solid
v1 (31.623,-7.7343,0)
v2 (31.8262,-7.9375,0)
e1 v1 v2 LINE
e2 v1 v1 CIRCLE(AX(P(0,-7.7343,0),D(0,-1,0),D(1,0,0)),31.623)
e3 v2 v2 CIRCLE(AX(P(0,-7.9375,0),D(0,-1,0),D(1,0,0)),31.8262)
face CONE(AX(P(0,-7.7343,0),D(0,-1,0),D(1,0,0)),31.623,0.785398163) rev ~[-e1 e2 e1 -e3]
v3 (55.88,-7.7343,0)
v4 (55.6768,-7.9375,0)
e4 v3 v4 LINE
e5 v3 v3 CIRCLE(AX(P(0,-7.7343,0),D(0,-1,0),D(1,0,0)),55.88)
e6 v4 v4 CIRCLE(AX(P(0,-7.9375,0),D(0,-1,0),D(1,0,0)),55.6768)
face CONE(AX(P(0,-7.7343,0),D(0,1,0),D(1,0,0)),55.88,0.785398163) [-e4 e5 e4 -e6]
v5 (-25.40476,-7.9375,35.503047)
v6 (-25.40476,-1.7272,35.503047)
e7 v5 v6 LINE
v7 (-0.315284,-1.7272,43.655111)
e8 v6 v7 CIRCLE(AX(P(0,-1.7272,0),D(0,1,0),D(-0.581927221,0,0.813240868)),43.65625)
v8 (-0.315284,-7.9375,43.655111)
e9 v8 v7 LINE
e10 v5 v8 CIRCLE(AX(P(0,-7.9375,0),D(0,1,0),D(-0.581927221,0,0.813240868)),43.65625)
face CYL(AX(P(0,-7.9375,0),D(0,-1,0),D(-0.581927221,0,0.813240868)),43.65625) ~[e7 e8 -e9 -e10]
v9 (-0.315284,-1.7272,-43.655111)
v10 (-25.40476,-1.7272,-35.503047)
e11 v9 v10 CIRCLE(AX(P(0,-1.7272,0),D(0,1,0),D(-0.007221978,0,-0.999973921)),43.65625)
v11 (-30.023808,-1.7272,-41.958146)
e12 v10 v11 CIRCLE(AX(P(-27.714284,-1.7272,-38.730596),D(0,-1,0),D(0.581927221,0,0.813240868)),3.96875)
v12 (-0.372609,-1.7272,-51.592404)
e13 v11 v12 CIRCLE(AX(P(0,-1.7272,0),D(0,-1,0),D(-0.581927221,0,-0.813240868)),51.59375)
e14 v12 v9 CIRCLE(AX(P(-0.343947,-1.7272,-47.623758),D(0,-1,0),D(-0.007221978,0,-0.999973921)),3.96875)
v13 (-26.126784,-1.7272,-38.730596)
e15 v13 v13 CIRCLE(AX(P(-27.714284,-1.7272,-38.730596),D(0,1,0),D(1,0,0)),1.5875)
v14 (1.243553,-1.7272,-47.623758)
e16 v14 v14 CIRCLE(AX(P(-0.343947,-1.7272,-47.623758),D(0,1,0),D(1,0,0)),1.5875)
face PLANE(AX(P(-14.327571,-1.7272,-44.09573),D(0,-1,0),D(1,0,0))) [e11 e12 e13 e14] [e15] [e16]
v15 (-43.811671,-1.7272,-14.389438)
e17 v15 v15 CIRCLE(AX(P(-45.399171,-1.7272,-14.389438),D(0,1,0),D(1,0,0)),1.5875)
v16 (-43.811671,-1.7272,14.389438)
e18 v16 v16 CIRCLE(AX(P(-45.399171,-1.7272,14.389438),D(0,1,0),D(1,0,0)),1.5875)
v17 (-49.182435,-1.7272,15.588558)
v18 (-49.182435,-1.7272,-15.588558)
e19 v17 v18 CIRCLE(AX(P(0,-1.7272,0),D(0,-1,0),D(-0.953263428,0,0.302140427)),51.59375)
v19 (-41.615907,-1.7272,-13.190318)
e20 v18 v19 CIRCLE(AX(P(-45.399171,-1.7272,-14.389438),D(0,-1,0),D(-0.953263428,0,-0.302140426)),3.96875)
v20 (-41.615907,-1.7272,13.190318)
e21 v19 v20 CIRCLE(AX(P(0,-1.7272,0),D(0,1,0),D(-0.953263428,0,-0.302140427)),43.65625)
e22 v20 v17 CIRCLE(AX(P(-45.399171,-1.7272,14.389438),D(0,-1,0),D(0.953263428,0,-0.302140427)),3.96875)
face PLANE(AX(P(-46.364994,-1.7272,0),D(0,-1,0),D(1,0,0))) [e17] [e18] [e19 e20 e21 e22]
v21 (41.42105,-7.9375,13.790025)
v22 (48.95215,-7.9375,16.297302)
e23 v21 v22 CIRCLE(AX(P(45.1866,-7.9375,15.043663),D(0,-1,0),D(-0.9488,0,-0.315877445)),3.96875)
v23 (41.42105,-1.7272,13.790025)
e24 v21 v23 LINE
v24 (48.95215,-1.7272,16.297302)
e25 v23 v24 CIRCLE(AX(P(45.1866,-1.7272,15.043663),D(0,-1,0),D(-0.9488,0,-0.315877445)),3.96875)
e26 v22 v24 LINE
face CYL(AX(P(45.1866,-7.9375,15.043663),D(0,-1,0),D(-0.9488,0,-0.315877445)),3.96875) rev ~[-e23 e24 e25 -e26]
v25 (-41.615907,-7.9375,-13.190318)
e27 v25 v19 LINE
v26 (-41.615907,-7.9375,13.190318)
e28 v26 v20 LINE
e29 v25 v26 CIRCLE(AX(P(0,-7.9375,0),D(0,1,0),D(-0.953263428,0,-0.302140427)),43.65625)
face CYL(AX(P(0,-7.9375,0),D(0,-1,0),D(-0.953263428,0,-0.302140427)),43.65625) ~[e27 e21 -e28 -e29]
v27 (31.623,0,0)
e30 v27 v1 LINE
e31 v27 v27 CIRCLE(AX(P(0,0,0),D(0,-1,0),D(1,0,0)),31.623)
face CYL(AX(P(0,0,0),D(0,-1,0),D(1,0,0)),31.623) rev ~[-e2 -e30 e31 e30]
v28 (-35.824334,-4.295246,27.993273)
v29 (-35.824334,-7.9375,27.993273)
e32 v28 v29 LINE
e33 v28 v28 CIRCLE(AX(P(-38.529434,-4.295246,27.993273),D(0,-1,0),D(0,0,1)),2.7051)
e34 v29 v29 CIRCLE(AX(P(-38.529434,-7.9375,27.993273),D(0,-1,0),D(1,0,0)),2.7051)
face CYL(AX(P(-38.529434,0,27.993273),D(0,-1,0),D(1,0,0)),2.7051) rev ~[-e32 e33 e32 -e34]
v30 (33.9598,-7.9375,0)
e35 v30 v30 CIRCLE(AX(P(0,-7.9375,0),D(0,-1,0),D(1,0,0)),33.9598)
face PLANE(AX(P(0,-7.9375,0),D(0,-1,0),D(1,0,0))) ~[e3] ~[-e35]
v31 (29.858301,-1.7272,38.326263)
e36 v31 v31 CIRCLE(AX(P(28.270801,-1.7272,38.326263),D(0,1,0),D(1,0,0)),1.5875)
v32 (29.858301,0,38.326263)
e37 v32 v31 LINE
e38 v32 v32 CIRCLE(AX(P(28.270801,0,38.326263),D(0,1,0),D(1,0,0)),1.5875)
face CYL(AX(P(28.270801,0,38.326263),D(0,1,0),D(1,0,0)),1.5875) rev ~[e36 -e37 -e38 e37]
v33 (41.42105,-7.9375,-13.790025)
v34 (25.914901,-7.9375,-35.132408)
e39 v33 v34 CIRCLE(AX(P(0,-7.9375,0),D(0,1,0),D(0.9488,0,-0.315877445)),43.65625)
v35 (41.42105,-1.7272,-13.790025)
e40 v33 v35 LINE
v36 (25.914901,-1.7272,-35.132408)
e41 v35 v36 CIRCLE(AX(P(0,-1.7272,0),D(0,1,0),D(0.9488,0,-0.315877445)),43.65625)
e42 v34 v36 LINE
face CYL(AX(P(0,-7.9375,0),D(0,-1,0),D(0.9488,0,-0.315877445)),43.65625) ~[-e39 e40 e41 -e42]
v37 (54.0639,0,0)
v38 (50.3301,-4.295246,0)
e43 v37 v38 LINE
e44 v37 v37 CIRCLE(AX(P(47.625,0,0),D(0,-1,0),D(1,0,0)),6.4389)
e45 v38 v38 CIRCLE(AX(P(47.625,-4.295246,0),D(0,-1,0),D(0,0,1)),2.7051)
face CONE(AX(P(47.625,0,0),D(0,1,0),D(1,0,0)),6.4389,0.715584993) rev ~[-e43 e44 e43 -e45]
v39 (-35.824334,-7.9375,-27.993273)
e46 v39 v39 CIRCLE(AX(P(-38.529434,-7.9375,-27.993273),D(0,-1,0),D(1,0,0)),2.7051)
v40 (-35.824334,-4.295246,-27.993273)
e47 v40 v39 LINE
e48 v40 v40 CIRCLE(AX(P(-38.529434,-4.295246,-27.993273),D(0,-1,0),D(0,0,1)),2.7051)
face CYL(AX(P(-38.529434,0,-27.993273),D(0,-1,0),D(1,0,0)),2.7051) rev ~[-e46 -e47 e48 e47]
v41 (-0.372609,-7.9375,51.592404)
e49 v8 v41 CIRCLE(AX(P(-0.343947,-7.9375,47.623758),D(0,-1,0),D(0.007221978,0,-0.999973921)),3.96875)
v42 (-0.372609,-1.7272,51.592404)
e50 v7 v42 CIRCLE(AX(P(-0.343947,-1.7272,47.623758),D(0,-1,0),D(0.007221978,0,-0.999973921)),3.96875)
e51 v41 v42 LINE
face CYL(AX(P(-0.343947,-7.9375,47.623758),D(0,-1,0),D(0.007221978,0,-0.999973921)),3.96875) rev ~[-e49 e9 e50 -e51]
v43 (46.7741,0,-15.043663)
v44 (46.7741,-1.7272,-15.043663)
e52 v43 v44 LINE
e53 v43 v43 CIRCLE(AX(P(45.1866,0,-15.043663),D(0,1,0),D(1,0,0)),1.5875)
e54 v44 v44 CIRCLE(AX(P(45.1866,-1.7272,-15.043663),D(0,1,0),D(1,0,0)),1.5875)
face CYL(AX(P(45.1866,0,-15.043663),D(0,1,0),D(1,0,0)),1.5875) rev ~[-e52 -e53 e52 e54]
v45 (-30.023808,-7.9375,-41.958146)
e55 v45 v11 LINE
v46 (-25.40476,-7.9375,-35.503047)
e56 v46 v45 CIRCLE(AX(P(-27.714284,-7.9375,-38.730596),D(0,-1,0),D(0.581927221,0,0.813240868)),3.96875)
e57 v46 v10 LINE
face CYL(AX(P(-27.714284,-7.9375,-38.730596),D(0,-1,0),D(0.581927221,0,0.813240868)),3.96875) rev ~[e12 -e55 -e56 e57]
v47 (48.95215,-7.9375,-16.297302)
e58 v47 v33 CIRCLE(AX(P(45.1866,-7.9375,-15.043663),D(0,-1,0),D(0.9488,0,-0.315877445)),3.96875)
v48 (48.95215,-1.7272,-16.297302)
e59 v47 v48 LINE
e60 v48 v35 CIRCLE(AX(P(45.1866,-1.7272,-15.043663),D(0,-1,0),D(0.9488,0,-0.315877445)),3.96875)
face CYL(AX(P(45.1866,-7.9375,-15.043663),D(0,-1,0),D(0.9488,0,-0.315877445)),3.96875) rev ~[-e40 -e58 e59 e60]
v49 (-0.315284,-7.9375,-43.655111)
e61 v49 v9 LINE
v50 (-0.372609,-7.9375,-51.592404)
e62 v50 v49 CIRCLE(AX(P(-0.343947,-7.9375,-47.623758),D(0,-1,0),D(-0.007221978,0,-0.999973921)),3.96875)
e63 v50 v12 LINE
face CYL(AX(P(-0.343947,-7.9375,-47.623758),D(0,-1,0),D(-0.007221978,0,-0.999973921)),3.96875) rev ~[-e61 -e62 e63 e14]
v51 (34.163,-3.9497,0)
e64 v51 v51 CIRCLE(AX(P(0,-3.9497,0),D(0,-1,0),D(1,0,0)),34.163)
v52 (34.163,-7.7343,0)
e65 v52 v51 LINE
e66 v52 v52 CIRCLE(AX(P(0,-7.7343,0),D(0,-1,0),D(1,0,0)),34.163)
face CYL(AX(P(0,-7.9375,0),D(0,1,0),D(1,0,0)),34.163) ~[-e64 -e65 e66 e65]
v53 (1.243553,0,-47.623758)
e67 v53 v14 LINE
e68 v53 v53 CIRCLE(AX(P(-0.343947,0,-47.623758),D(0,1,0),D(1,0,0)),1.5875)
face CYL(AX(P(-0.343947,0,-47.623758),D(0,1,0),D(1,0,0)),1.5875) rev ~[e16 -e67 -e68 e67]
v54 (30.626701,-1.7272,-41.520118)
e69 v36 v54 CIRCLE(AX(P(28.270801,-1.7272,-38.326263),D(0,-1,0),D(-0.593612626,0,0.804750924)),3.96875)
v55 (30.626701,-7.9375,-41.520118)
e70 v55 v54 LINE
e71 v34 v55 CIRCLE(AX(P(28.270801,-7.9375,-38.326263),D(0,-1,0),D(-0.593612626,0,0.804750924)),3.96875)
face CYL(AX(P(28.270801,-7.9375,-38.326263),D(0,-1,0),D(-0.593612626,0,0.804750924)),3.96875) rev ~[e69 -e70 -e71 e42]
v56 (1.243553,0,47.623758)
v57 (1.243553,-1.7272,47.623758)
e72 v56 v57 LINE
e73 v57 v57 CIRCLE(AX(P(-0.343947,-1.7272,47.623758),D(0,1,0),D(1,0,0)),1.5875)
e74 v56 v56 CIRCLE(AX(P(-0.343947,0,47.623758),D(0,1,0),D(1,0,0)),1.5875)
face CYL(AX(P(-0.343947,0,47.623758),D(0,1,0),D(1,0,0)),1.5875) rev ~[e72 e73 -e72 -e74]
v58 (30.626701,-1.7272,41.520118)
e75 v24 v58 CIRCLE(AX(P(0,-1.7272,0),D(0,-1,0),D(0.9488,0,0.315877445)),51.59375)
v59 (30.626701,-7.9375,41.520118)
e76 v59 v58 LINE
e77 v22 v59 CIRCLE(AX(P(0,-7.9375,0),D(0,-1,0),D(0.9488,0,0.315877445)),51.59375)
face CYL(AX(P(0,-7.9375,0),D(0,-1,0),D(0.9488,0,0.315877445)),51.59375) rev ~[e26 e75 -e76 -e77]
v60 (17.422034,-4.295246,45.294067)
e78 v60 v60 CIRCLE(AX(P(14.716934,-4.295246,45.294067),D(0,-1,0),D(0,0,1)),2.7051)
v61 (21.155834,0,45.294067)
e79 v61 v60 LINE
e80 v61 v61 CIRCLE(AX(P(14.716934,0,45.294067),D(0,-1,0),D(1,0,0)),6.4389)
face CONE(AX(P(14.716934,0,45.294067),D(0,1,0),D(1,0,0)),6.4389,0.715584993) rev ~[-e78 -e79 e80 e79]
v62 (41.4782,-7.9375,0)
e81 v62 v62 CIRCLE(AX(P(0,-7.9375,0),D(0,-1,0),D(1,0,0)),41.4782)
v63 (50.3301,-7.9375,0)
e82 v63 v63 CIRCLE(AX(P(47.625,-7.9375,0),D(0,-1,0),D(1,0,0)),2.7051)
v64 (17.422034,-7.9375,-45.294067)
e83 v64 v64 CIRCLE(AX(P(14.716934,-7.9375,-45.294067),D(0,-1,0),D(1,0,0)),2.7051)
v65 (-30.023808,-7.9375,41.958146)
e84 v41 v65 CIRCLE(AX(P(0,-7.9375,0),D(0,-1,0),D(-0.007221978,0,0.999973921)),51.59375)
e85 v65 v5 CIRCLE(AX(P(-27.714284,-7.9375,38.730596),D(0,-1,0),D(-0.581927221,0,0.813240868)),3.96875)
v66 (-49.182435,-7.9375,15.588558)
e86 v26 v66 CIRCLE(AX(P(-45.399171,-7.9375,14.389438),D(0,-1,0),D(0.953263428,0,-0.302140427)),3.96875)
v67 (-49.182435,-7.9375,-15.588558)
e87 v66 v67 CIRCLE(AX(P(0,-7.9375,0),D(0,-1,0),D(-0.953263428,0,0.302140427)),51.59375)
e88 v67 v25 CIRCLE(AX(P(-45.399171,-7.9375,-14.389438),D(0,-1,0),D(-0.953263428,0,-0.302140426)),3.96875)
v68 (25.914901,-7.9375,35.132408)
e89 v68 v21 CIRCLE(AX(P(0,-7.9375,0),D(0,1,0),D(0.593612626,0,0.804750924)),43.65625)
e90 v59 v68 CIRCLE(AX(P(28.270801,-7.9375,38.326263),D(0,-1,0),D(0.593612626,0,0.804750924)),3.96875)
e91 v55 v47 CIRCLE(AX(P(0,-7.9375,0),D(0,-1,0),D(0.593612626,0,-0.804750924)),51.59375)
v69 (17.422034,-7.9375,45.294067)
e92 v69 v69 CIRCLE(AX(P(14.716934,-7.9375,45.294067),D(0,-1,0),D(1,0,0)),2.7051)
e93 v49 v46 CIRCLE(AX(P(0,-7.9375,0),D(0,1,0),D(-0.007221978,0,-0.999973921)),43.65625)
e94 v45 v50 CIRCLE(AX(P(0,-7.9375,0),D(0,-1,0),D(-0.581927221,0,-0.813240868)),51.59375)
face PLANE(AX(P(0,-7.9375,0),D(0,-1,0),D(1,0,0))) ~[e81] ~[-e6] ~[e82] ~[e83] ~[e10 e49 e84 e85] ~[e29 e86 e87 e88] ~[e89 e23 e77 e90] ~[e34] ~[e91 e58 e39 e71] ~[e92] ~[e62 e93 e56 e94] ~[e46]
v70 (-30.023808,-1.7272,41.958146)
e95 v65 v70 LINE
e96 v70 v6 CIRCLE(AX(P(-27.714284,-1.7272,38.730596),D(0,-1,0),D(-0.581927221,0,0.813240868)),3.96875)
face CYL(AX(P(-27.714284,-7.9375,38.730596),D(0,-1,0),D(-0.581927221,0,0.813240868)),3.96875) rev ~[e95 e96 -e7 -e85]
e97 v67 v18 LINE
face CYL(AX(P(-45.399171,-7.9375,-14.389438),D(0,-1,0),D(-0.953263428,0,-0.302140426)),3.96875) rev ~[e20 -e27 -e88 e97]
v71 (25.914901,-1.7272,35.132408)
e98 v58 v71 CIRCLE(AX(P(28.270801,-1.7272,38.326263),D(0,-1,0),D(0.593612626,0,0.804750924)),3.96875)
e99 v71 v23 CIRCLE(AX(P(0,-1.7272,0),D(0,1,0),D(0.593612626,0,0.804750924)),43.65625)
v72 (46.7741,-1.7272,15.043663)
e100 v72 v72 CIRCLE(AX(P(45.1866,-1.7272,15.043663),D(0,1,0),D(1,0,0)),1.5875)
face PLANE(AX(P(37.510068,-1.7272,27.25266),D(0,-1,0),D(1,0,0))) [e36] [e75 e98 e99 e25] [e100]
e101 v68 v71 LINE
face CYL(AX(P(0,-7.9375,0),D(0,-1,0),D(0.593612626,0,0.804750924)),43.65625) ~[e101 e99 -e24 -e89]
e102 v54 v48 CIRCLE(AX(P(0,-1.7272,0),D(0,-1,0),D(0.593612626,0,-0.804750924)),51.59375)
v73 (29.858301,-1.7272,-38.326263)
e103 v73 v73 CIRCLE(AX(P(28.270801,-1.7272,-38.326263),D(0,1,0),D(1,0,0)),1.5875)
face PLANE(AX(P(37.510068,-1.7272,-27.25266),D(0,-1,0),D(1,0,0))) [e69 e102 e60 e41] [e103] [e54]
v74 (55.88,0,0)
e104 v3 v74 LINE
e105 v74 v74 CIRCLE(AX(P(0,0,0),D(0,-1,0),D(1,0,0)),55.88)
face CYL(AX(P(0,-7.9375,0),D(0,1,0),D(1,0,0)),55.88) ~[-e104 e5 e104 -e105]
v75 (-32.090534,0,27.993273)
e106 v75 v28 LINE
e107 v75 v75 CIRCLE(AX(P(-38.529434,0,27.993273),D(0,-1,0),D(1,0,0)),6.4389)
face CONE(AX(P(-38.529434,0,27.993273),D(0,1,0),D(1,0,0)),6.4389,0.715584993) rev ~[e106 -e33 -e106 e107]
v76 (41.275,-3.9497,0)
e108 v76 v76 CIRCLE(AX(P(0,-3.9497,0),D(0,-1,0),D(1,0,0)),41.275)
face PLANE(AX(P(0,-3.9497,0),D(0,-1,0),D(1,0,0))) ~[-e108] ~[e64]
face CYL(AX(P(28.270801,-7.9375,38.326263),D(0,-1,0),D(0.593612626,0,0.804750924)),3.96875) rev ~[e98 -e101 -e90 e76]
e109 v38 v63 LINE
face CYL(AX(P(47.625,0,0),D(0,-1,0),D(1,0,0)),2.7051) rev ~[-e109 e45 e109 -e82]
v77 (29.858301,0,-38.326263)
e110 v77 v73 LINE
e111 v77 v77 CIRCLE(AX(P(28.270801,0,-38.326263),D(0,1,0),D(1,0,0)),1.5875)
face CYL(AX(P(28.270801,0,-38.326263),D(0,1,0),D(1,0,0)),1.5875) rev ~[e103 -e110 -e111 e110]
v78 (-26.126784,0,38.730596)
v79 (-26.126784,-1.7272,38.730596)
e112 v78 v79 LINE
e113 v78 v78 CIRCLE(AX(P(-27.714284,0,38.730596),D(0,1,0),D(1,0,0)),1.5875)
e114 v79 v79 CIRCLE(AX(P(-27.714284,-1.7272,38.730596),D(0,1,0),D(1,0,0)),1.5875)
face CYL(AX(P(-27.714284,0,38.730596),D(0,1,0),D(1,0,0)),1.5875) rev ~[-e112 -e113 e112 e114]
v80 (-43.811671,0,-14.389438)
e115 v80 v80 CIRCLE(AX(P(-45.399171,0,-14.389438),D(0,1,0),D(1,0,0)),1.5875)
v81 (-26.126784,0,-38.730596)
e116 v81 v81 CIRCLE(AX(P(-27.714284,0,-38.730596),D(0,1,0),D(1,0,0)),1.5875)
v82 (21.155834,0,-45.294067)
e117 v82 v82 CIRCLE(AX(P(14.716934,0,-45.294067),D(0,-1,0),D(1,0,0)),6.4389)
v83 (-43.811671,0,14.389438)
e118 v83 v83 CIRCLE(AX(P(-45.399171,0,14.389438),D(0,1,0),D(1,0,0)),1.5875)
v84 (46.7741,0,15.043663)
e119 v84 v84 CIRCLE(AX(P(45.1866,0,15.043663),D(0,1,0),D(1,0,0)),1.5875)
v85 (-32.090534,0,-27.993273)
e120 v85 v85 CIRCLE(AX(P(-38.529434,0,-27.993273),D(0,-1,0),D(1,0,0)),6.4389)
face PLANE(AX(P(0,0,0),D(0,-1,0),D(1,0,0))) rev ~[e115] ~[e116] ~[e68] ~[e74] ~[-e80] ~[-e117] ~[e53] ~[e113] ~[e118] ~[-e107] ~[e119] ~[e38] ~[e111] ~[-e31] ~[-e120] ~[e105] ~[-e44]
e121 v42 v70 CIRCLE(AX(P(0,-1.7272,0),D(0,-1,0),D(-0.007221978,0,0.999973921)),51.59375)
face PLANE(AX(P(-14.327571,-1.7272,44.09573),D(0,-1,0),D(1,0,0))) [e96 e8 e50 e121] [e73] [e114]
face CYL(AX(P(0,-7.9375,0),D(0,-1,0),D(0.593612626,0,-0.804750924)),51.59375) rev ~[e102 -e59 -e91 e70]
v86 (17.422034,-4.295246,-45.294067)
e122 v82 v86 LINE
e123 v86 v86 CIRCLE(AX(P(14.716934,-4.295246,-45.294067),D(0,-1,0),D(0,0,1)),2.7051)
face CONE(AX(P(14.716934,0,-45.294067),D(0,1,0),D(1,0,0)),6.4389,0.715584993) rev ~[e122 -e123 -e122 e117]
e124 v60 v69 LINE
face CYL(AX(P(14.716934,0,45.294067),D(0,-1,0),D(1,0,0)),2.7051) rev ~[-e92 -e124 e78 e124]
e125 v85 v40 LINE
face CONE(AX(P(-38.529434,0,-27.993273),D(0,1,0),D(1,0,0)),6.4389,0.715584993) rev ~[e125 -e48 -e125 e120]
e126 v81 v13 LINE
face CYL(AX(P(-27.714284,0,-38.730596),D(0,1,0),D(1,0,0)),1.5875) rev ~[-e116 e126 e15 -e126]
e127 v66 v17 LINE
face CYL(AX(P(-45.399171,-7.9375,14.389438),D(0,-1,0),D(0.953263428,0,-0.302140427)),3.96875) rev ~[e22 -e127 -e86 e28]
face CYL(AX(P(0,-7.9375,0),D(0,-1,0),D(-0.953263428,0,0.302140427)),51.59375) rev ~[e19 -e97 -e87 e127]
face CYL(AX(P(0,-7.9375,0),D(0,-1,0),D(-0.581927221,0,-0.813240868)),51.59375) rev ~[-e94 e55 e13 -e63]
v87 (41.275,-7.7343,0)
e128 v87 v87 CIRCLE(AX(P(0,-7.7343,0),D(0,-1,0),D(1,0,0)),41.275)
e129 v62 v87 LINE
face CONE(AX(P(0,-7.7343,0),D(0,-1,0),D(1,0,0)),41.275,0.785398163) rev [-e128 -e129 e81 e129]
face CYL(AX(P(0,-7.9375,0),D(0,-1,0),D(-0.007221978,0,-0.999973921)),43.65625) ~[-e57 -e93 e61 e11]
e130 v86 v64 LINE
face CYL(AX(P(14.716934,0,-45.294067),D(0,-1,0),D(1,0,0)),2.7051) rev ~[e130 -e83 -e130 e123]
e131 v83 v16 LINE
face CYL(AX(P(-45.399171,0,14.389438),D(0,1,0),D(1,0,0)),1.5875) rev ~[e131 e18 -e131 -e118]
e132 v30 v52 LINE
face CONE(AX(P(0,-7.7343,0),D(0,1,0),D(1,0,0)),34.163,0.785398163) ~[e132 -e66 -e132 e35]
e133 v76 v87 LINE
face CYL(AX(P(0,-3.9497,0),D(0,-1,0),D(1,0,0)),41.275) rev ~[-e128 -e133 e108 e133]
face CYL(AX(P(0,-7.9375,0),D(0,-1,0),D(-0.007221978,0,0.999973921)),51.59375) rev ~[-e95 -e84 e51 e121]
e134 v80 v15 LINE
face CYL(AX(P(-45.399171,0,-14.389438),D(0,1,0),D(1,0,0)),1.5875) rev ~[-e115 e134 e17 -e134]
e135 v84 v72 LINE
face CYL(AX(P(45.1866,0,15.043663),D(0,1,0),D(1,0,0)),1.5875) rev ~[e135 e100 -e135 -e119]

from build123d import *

# Parameters (mm, degrees)
CSK_FOR_1_4_FLAT_HEAD_MACHINE_SCREW1_D           = 5.4102
CSK_FOR_1_4_FLAT_HEAD_MACHINE_SCREW1_CSINK_D     = 12.8778
CSK_FOR_1_4_FLAT_HEAD_MACHINE_SCREW1_CSINK_ANGLE = 82
SKETCH5_R                                        = 1.5875
RIVET_HOLES_DEPTH                                = 8.9375
CUT_EXTRUDE2_DEPTH                               = 6.2103
CHAMFER1_SIZE                                    = 0.2032


with BuildPart() as part:
    # Sketch1 → Revolve1 (revolve)
    with BuildSketch(Plane.XY):
        Polygon((31.623, 0), (31.623, -7.9375), (34.163, -7.9375), (34.163, -3.9497), (41.275, -3.9497), (41.275, -7.9375), (55.88, -7.9375), (55.88, 0), align=None)
    revolve(axis=Axis((0, 29.876386318, 0), (0, -1, 0)))

    # CSK for 1/4 Flat Head Machine Screw1 (through all)
    with Locations(Plane(origin=(0, 0, 0), x_dir=(-1, 0, 0), z_dir=(0, 1, 0))):
        with Locations((-47.625, 0), (-14.716934357, 45.294066589), (38.529434357, 27.99327264), (38.529434357, -27.99327264), (-14.716934357, -45.294066589)):
            CounterSinkHole(CSK_FOR_1_4_FLAT_HEAD_MACHINE_SCREW1_D / 2, CSK_FOR_1_4_FLAT_HEAD_MACHINE_SCREW1_CSINK_D / 2, counter_sink_angle=CSK_FOR_1_4_FLAT_HEAD_MACHINE_SCREW1_CSINK_ANGLE)

    # Sketch5 → Rivet Holes (cut, through all)
    with BuildSketch(Plane(origin=(0, 0, 0), x_dir=(1, 0, 0), z_dir=(0, 1, 0))):
        with Locations((-27.714283891, 38.730596347)):
            Circle(SKETCH5_R)
        with Locations((-0.343946691, 47.623757996)):
            Circle(SKETCH5_R)
        with Locations((28.270801327, 38.326262762)):
            Circle(SKETCH5_R)
        with Locations((45.1866, 15.043663299)):
            Circle(SKETCH5_R)
        with Locations((45.1866, -15.043663299)):
            Circle(SKETCH5_R)
        with Locations((28.270801327, -38.326262762)):
            Circle(SKETCH5_R)
        with Locations((-0.343946691, -47.623757996)):
            Circle(SKETCH5_R)
        with Locations((-27.714283891, -38.730596347)):
            Circle(SKETCH5_R)
        with Locations((-45.399170745, -14.389437815)):
            Circle(SKETCH5_R)
        with Locations((-45.399170745, 14.389437815)):
            Circle(SKETCH5_R)
    extrude(amount=-RIVET_HOLES_DEPTH, mode=Mode.SUBTRACT)

    # Sketch6 → Cut-Extrude2 (cut)
    with BuildSketch(Plane.XZ.offset(7.9375)):
        with BuildLine():
            ThreePointArc((48.95215, 16.297301907), (41.740220554, 30.32604536), (30.626701438, 41.520117993))
            ThreePointArc((30.626701438, 41.520117993), (25.076946097, 40.682162873), (25.914901216, 35.132407532))
            ThreePointArc((25.914901216, 35.132407532), (35.318648161, 25.66049992), (41.42105, 13.79002469))
            ThreePointArc((41.42105, 13.79002469), (46.440238608, 11.278113299), (48.95215, 16.297301907))
        make_face()
        with BuildLine():
            ThreePointArc((-0.372608915, 51.592404496), (-15.943345554, 49.068572138), (-30.023807548, 41.958146043))
            ThreePointArc((-30.023807548, 41.958146043), (-30.941833586, 36.42107269), (-25.404760233, 35.503046652))
            ThreePointArc((-25.404760233, 35.503046652), (-13.490523161, 41.51956104), (-0.315284467, 43.655111496))
            ThreePointArc((-0.315284467, 43.655111496), (3.624699809, 47.65242022), (-0.372608915, 51.592404496))
        make_face()
        with BuildLine():
            ThreePointArc((-49.182434974, 15.588557633), (-51.59375, 0), (-49.182434974, -15.588557633))
            ThreePointArc((-49.182434974, -15.588557633), (-44.200050927, -18.172702044), (-41.615906517, -13.190317997))
            ThreePointArc((-41.615906517, -13.190317997), (-43.65625, 0), (-41.615906517, 13.190317997))
            ThreePointArc((-41.615906517, 13.190317997), (-44.200050927, 18.172702044), (-49.182434974, 15.588557633))
        make_face()
        with BuildLine():
            ThreePointArc((-30.023807548, -41.958146043), (-15.943345554, -49.068572138), (-0.372608915, -51.592404496))
            ThreePointArc((-0.372608915, -51.592404496), (3.624699809, -47.65242022), (-0.315284467, -43.655111496))
            ThreePointArc((-0.315284467, -43.655111496), (-13.490523161, -41.51956104), (-25.404760233, -35.503046652))
            ThreePointArc((-25.404760233, -35.503046652), (-30.941833586, -36.42107269), (-30.023807548, -41.958146043))
        make_face()
        with BuildLine():
            ThreePointArc((30.626701438, -41.520117993), (41.740220554, -30.32604536), (48.95215, -16.297301907))
            ThreePointArc((48.95215, -16.297301907), (46.440238608, -11.278113299), (41.42105, -13.79002469))
            ThreePointArc((41.42105, -13.79002469), (35.318648161, -25.66049992), (25.914901216, -35.132407532))
            ThreePointArc((25.914901216, -35.132407532), (25.076946097, -40.682162873), (30.626701438, -41.520117993))
        make_face()
    extrude(amount=-CUT_EXTRUDE2_DEPTH, mode=Mode.SUBTRACT)

    # Chamfer1
    chamfer1_edges = [part.edges().sort_by_distance(p)[0] for p in [
        (-31.623, -7.9375, 0),
        (-55.88, -7.9375, 0),
        (-41.275, -7.9375, 0),
        (-34.163, -7.9375, 0),
    ]]
    chamfer(chamfer1_edges, length=CHAMFER1_SIZE)


solid = part.part
